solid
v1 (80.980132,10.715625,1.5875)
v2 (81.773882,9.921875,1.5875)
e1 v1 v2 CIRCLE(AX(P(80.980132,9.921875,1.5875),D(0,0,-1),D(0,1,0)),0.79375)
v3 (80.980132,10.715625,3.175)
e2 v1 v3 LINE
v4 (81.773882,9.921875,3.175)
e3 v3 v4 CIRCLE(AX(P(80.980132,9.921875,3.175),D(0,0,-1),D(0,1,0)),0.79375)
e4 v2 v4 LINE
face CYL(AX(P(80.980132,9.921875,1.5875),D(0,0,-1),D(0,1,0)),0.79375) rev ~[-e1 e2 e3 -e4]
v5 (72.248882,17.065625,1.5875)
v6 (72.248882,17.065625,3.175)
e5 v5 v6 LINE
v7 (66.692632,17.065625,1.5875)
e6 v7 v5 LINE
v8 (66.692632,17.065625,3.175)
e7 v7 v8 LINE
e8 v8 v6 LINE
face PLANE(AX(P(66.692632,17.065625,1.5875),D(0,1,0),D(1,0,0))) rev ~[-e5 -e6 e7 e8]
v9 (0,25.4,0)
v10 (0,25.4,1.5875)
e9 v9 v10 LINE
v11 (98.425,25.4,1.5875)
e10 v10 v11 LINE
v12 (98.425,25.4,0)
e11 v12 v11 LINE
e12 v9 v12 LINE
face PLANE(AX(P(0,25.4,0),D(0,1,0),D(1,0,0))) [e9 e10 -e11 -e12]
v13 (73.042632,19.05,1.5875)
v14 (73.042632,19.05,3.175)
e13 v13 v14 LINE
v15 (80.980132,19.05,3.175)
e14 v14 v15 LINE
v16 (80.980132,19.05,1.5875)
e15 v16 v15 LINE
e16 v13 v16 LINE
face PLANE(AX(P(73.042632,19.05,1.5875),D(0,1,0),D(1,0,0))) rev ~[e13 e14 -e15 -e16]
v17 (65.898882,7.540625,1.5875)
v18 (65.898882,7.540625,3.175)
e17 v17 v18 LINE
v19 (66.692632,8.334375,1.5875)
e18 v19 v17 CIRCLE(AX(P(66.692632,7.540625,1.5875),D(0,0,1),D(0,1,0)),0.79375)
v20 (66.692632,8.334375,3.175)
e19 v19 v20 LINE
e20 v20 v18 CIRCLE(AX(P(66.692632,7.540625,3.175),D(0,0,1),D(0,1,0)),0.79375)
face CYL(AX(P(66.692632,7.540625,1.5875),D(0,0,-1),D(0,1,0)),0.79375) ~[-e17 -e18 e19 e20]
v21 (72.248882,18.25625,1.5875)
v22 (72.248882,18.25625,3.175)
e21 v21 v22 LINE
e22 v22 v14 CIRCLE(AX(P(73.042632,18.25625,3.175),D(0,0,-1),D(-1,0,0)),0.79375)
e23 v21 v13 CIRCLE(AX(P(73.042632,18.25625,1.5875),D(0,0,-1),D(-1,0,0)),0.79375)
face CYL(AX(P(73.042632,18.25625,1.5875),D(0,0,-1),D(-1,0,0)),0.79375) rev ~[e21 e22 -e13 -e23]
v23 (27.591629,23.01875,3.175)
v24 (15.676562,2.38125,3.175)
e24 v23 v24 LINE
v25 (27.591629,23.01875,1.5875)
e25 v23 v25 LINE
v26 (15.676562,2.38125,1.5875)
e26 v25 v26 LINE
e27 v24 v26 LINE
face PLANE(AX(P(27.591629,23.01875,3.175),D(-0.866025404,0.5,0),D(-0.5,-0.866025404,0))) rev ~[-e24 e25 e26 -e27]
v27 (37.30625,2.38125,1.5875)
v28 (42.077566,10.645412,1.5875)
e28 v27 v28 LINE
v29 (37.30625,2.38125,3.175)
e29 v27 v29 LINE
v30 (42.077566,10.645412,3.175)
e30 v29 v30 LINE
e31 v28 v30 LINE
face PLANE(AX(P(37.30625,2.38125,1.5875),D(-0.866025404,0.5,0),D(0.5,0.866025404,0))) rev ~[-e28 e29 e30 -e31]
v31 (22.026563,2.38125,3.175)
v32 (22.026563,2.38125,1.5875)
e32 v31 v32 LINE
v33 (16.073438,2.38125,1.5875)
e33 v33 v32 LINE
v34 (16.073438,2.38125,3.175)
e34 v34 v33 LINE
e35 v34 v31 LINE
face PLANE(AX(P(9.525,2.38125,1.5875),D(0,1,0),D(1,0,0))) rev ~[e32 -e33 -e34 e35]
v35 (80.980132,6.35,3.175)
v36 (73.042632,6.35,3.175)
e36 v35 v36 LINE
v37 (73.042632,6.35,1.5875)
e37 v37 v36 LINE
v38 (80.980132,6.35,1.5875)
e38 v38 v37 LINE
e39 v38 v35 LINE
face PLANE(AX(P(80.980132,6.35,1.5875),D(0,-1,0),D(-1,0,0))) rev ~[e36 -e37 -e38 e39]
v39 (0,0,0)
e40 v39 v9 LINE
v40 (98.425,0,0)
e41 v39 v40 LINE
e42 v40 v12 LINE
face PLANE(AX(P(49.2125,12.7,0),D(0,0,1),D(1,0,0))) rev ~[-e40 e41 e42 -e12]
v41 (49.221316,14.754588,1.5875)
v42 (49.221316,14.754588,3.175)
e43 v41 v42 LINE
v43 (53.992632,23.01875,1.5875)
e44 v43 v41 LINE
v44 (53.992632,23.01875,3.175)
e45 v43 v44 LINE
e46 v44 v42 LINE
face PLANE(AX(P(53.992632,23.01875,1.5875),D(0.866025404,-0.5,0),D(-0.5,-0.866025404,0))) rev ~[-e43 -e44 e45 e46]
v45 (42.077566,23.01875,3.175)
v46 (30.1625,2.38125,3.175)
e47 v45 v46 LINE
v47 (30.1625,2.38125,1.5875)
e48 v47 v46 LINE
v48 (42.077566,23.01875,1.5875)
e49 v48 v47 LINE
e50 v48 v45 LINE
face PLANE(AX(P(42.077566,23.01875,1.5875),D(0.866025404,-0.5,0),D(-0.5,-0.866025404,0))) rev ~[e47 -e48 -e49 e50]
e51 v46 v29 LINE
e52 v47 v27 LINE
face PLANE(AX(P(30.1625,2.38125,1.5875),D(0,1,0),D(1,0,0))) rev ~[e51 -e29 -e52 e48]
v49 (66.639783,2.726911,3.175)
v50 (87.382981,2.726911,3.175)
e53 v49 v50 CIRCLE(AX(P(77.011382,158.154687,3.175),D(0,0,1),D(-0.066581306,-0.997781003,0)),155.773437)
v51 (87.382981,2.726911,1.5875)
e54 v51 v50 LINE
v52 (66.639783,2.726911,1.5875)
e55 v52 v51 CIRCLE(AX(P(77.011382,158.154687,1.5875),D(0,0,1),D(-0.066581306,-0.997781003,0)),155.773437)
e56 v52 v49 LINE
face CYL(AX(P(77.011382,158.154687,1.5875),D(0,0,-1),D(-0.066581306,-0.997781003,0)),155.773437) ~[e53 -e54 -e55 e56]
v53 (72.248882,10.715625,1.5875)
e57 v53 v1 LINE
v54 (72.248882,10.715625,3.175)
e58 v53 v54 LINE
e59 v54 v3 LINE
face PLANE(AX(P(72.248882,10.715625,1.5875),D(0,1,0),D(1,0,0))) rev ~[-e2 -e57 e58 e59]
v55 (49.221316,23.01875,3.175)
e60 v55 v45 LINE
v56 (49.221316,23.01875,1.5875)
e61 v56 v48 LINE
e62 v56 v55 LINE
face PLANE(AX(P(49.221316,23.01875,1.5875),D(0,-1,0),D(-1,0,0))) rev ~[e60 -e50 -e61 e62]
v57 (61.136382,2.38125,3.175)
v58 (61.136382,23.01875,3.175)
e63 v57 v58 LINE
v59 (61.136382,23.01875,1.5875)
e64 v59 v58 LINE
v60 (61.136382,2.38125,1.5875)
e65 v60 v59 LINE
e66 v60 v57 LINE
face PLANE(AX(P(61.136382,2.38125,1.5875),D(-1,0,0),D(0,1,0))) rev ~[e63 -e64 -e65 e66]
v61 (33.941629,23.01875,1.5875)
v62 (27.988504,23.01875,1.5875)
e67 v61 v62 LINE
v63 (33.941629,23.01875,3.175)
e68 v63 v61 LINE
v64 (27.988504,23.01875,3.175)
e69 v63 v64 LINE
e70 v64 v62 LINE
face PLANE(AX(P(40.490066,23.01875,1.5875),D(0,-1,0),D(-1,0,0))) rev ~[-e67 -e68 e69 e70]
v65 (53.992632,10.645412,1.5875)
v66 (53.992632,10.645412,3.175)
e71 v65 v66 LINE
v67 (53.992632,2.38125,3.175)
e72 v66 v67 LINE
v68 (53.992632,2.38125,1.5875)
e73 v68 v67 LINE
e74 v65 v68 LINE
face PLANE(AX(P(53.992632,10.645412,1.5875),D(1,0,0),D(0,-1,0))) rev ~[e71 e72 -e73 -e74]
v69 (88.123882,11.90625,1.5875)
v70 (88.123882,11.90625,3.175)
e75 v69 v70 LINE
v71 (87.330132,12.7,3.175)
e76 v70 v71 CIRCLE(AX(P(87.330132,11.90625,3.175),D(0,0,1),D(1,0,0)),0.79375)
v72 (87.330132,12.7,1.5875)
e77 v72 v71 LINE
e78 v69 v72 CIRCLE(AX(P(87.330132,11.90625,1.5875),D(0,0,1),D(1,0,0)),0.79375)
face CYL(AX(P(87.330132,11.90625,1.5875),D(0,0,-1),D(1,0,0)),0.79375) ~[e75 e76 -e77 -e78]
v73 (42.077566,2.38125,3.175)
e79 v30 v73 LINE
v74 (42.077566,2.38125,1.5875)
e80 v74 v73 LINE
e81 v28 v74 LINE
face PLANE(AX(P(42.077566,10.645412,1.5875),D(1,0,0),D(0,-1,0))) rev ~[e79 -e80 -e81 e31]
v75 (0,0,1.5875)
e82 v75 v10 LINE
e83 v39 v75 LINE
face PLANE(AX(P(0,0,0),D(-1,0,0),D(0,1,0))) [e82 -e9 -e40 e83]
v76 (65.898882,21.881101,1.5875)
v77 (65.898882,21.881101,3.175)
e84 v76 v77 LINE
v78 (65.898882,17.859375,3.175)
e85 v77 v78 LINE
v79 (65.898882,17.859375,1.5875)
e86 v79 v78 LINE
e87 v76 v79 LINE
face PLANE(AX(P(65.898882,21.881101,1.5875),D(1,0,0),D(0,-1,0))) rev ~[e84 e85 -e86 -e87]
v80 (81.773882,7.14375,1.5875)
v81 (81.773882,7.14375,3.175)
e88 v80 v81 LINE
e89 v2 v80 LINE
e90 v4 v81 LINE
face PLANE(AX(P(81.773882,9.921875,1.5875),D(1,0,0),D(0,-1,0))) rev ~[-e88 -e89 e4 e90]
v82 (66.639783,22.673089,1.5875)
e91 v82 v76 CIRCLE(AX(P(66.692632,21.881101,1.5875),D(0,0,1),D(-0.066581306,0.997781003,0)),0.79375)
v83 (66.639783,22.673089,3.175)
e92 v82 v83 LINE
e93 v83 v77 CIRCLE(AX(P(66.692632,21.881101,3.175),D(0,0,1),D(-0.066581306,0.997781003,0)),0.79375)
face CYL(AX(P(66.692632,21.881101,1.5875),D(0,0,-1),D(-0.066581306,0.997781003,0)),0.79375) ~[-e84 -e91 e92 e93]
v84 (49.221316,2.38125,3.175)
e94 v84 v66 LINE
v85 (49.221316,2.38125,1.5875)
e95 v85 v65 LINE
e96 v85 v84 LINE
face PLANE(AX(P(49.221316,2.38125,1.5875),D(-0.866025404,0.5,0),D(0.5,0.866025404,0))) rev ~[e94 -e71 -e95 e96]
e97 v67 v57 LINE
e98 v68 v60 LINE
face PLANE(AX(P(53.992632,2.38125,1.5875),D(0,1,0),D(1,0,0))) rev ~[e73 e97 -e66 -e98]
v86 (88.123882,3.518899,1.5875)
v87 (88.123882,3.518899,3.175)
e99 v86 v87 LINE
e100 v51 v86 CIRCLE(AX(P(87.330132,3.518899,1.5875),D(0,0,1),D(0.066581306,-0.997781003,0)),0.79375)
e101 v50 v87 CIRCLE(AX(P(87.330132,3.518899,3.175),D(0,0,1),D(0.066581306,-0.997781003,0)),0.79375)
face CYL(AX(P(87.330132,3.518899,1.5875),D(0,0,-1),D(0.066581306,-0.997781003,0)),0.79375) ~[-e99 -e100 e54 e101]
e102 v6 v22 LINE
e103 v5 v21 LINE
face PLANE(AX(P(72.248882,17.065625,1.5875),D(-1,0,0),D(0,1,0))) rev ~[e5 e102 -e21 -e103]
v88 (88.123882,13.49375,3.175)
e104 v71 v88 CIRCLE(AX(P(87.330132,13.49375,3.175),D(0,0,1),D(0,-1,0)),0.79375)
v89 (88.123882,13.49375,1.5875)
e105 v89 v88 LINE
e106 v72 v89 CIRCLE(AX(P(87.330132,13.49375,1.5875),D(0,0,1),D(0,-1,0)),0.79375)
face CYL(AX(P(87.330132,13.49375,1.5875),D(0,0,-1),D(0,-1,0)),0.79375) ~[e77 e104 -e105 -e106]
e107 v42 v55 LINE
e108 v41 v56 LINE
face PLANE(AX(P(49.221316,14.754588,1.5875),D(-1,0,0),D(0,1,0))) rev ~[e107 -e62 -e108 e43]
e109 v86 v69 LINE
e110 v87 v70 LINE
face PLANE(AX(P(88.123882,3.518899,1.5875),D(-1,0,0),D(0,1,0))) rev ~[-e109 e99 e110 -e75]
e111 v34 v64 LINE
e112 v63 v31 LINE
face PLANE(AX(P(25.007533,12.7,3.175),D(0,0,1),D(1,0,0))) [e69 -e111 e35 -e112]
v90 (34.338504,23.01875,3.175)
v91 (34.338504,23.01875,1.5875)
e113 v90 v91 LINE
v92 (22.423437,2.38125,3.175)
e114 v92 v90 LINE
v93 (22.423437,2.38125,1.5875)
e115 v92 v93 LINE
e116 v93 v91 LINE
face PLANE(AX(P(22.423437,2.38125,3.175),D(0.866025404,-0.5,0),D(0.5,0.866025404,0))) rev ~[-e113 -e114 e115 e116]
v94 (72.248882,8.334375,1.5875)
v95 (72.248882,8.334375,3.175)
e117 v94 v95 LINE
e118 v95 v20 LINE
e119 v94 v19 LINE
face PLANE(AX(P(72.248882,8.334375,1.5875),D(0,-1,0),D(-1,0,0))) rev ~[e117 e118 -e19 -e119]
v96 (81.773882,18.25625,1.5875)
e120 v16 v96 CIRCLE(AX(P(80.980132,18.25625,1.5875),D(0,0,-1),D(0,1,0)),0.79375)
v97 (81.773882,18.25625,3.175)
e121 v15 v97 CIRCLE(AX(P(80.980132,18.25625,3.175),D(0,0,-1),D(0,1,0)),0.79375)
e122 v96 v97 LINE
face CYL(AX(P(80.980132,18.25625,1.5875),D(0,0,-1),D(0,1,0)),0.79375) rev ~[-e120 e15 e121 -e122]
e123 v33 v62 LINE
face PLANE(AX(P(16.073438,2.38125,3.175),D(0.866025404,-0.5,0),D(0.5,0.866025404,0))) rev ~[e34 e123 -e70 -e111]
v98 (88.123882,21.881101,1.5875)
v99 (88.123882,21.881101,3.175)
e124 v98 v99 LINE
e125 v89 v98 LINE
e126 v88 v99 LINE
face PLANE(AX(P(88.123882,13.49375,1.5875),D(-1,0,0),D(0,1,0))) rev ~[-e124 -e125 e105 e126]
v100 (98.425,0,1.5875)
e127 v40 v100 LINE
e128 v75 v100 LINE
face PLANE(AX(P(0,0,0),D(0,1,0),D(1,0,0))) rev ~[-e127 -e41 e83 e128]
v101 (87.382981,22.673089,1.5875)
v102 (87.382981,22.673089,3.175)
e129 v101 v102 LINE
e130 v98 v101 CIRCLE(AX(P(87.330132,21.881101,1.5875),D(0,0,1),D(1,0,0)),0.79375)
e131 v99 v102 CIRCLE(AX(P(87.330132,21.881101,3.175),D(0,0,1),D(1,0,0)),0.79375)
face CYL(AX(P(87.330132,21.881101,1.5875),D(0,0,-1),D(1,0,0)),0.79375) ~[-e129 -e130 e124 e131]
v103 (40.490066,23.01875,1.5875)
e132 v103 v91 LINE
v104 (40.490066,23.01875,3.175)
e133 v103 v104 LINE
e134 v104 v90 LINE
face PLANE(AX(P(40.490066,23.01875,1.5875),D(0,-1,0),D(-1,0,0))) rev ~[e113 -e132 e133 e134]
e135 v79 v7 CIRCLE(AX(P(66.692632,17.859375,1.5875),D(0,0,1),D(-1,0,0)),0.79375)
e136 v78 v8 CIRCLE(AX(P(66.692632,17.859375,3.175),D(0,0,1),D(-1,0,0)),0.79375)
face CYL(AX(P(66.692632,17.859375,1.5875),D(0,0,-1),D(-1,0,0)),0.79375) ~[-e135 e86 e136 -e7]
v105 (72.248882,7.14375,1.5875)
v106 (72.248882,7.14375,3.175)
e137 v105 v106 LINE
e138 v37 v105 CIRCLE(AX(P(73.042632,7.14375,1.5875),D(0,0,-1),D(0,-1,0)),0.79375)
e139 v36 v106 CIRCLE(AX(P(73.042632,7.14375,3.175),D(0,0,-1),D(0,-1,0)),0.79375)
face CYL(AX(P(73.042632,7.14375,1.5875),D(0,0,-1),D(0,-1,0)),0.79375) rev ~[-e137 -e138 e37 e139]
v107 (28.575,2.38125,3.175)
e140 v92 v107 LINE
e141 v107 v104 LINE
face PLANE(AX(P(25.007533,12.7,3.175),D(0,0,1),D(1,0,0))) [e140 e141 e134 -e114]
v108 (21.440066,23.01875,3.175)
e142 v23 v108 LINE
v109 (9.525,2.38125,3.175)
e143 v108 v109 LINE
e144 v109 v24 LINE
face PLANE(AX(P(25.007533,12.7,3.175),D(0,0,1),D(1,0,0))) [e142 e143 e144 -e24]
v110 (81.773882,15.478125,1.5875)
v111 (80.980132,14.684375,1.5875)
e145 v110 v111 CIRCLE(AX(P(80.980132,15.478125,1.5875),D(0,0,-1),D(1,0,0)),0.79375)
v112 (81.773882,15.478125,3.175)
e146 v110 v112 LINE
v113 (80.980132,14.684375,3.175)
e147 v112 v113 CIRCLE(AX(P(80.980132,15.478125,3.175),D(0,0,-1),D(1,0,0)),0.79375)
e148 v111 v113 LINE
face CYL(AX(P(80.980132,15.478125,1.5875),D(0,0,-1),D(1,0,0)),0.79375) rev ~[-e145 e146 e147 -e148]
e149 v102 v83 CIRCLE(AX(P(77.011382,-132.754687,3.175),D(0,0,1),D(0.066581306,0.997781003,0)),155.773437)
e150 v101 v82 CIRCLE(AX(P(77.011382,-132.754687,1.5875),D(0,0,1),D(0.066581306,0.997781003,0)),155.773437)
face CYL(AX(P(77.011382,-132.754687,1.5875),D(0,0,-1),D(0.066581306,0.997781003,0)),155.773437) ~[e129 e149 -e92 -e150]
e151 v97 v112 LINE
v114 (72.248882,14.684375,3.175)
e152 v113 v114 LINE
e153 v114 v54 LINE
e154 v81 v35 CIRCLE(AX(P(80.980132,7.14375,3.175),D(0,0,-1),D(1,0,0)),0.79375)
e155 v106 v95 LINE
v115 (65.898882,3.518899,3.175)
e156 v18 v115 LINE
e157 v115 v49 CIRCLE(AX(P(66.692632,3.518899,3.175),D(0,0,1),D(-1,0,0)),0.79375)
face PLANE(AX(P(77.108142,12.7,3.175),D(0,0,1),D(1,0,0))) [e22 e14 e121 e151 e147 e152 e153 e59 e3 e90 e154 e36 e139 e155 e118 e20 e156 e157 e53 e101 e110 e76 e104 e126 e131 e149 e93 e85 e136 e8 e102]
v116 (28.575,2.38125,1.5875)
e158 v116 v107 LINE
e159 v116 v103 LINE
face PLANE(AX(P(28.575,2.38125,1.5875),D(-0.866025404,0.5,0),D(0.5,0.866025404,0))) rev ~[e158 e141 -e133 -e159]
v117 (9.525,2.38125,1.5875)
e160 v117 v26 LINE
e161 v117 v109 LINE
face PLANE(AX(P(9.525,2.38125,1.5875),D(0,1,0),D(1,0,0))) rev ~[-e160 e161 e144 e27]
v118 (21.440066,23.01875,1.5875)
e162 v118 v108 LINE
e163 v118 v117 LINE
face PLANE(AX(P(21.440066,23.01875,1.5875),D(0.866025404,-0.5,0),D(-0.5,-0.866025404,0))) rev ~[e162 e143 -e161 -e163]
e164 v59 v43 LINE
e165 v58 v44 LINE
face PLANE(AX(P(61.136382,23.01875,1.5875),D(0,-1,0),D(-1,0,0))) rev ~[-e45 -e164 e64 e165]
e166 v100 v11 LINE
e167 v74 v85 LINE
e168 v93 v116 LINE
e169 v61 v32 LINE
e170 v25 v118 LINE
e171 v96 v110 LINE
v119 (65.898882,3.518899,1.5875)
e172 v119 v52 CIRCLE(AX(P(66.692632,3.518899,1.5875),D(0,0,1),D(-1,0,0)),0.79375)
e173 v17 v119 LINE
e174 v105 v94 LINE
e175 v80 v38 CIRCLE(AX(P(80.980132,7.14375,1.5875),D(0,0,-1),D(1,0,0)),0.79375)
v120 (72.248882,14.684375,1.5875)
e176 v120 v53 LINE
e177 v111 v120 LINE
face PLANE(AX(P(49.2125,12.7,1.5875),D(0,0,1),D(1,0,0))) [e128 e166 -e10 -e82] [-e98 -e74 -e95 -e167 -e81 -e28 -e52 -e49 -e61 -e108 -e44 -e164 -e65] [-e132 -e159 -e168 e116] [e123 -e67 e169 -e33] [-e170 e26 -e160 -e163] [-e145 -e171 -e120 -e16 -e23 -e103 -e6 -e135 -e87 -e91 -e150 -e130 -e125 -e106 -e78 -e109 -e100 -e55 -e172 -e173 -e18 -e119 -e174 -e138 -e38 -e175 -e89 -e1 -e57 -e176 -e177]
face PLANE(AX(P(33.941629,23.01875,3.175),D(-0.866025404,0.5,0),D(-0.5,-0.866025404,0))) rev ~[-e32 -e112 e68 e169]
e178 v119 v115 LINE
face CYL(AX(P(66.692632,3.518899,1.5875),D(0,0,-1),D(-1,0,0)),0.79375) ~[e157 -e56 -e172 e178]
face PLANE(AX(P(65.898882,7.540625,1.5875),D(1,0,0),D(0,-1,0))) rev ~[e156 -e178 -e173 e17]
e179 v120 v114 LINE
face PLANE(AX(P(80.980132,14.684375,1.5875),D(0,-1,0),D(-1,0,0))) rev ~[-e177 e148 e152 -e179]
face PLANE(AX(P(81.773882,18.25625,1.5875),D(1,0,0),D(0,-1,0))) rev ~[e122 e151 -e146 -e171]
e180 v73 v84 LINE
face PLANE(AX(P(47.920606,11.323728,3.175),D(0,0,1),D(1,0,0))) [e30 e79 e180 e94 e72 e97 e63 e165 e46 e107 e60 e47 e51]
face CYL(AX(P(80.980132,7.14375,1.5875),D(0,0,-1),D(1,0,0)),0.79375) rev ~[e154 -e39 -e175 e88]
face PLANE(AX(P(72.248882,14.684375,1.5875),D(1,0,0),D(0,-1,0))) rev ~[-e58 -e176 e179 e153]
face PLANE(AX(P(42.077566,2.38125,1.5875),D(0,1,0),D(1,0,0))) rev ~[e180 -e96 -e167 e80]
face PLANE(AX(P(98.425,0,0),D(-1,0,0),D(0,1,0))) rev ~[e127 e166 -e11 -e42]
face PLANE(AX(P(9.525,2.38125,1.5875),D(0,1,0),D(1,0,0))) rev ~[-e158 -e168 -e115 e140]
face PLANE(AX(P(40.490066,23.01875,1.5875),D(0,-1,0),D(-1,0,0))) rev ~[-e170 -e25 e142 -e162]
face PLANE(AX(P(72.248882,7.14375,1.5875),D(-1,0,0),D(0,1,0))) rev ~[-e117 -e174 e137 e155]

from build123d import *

# Parameters (mm, degrees)
F0_W     = 98.425
F0_H     = 25.4
F1_DEPTH = 1.5875
F3_DEPTH = 1.5875
F6_DEPTH = 1.5875
F5_ANGLE = -90


with BuildPart() as f1:
    # F0 (on Front) → F1 (new body)
    with BuildSketch(Plane.XZ):
        with Locations((49.2125, 12.7)):
            Rectangle(F0_W, F0_H)
    extrude(amount=F1_DEPTH)

    # F2 (on face) → F3 (join)
    with BuildSketch(Plane.XZ.offset(1.5875)):
        Polygon((21.4400661804, 23.01875), (9.525, 2.38125), (28.575, 2.38125), (40.4900661804, 23.01875), align=None)
        Polygon((42.0775661804, 23.01875), (30.1625, 2.38125), (37.30625, 2.38125), (42.0775661804, 10.6454120434), (42.0775661804, 2.38125), (49.2213161804, 2.38125), (53.9926323608, 10.6454120434), (53.9926323608, 2.38125), (61.1363823608, 2.38125), (61.1363823608, 23.01875), (53.9926323608, 23.01875), (49.2213161804, 14.7545879566), (49.2213161804, 23.01875), align=None)
        with BuildLine():
            ThreePointArc((66.6397834492, 22.6730891893), (66.1129825156, 22.4233597915), (65.8988823608, 21.8811005183))
            Line((65.8988823608, 21.8811005183), (65.8988823608, 17.859375))
            ThreePointArc((65.8988823608, 17.859375), (66.1313663532, 17.2981089924), (66.6926323608, 17.065625))
            Line((66.6926323608, 17.065625), (72.2488823608, 17.065625))
            Line((72.2488823608, 17.065625), (72.2488823608, 18.25625))
            ThreePointArc((72.2488823608, 18.25625), (72.4813663532, 18.8175160076), (73.0426323608, 19.05))
            Line((73.0426323608, 19.05), (80.9801323608, 19.05))
            ThreePointArc((80.9801323608, 19.05), (81.5413983684, 18.8175160076), (81.7738823608, 18.25625))
            Line((81.7738823608, 18.25625), (81.7738823608, 15.478125))
            ThreePointArc((81.7738823608, 15.478125), (81.5413983684, 14.9168589924), (80.9801323608, 14.684375))
            Line((80.9801323608, 14.684375), (72.2488823608, 14.684375))
            Line((72.2488823608, 14.684375), (72.2488823608, 10.715625))
            Line((72.2488823608, 10.715625), (80.9801323608, 10.715625))
            ThreePointArc((80.9801323608, 10.715625), (81.5413983684, 10.4831410076), (81.7738823608, 9.921875))
            Line((81.7738823608, 9.921875), (81.7738823608, 7.14375))
            ThreePointArc((81.7738823608, 7.14375), (81.5413983684, 6.5824839924), (80.9801323608, 6.35))
            Line((80.9801323608, 6.35), (73.0426323608, 6.35))
            ThreePointArc((73.0426323608, 6.35), (72.4813663532, 6.5824839924), (72.2488823608, 7.14375))
            Line((72.2488823608, 7.14375), (72.2488823608, 8.334375))
            Line((72.2488823608, 8.334375), (66.6926323608, 8.334375))
            ThreePointArc((66.6926323608, 8.334375), (66.1313663532, 8.1018910076), (65.8988823608, 7.540625))
            Line((65.8988823608, 7.540625), (65.8988823608, 3.5188994817))
            ThreePointArc((65.8988823608, 3.5188994817), (66.1129825156, 2.9766402085), (66.6397834492, 2.7269108107))
            ThreePointArc((66.6397834492, 2.7269108107), (77.0113823608, 2.38125), (87.3829812725, 2.7269108107))
            ThreePointArc((87.3829812725, 2.7269108107), (87.909782206, 2.9766402085), (88.1238823608, 3.5188994817))
            Line((88.1238823608, 3.5188994817), (88.1238823608, 11.90625))
            ThreePointArc((88.1238823608, 11.90625), (87.8913983684, 12.4675160076), (87.3301323608, 12.7))
            ThreePointArc((87.3301323608, 12.7), (87.8913983684, 12.9324839924), (88.1238823608, 13.49375))
            Line((88.1238823608, 13.49375), (88.1238823608, 16.8671875))
            Line((88.1238823608, 16.8671875), (88.1238823608, 21.8811005183))
            ThreePointArc((88.1238823608, 21.8811005183), (87.909782206, 22.4233597915), (87.3829812725, 22.6730891893))
            ThreePointArc((87.3829812725, 22.6730891893), (77.0113823608, 23.01875), (66.6397834492, 22.6730891893))
        make_face()
    extrude(amount=F3_DEPTH)

    # F4 (on face) → F6 (cut, through all)
    with BuildSketch(Plane.XZ.offset(3.175)):
        Polygon((22.4234375, 2.38125), (34.3385036804, 23.01875), (33.9416286804, 23.01875), (22.0265625, 2.38125), align=None)
        Polygon((16.0734375, 2.38125), (27.9885036804, 23.01875), (27.5916286804, 23.01875), (15.6765625, 2.38125), align=None)
    extrude(amount=-F6_DEPTH, mode=Mode.SUBTRACT)


with BuildPart() as f1_1:
    # F5: moved
    add(f1.part.rotate(Axis((49.2125, 0, 0), (1, 0, 0)), F5_ANGLE))


solid = f1_1.part
